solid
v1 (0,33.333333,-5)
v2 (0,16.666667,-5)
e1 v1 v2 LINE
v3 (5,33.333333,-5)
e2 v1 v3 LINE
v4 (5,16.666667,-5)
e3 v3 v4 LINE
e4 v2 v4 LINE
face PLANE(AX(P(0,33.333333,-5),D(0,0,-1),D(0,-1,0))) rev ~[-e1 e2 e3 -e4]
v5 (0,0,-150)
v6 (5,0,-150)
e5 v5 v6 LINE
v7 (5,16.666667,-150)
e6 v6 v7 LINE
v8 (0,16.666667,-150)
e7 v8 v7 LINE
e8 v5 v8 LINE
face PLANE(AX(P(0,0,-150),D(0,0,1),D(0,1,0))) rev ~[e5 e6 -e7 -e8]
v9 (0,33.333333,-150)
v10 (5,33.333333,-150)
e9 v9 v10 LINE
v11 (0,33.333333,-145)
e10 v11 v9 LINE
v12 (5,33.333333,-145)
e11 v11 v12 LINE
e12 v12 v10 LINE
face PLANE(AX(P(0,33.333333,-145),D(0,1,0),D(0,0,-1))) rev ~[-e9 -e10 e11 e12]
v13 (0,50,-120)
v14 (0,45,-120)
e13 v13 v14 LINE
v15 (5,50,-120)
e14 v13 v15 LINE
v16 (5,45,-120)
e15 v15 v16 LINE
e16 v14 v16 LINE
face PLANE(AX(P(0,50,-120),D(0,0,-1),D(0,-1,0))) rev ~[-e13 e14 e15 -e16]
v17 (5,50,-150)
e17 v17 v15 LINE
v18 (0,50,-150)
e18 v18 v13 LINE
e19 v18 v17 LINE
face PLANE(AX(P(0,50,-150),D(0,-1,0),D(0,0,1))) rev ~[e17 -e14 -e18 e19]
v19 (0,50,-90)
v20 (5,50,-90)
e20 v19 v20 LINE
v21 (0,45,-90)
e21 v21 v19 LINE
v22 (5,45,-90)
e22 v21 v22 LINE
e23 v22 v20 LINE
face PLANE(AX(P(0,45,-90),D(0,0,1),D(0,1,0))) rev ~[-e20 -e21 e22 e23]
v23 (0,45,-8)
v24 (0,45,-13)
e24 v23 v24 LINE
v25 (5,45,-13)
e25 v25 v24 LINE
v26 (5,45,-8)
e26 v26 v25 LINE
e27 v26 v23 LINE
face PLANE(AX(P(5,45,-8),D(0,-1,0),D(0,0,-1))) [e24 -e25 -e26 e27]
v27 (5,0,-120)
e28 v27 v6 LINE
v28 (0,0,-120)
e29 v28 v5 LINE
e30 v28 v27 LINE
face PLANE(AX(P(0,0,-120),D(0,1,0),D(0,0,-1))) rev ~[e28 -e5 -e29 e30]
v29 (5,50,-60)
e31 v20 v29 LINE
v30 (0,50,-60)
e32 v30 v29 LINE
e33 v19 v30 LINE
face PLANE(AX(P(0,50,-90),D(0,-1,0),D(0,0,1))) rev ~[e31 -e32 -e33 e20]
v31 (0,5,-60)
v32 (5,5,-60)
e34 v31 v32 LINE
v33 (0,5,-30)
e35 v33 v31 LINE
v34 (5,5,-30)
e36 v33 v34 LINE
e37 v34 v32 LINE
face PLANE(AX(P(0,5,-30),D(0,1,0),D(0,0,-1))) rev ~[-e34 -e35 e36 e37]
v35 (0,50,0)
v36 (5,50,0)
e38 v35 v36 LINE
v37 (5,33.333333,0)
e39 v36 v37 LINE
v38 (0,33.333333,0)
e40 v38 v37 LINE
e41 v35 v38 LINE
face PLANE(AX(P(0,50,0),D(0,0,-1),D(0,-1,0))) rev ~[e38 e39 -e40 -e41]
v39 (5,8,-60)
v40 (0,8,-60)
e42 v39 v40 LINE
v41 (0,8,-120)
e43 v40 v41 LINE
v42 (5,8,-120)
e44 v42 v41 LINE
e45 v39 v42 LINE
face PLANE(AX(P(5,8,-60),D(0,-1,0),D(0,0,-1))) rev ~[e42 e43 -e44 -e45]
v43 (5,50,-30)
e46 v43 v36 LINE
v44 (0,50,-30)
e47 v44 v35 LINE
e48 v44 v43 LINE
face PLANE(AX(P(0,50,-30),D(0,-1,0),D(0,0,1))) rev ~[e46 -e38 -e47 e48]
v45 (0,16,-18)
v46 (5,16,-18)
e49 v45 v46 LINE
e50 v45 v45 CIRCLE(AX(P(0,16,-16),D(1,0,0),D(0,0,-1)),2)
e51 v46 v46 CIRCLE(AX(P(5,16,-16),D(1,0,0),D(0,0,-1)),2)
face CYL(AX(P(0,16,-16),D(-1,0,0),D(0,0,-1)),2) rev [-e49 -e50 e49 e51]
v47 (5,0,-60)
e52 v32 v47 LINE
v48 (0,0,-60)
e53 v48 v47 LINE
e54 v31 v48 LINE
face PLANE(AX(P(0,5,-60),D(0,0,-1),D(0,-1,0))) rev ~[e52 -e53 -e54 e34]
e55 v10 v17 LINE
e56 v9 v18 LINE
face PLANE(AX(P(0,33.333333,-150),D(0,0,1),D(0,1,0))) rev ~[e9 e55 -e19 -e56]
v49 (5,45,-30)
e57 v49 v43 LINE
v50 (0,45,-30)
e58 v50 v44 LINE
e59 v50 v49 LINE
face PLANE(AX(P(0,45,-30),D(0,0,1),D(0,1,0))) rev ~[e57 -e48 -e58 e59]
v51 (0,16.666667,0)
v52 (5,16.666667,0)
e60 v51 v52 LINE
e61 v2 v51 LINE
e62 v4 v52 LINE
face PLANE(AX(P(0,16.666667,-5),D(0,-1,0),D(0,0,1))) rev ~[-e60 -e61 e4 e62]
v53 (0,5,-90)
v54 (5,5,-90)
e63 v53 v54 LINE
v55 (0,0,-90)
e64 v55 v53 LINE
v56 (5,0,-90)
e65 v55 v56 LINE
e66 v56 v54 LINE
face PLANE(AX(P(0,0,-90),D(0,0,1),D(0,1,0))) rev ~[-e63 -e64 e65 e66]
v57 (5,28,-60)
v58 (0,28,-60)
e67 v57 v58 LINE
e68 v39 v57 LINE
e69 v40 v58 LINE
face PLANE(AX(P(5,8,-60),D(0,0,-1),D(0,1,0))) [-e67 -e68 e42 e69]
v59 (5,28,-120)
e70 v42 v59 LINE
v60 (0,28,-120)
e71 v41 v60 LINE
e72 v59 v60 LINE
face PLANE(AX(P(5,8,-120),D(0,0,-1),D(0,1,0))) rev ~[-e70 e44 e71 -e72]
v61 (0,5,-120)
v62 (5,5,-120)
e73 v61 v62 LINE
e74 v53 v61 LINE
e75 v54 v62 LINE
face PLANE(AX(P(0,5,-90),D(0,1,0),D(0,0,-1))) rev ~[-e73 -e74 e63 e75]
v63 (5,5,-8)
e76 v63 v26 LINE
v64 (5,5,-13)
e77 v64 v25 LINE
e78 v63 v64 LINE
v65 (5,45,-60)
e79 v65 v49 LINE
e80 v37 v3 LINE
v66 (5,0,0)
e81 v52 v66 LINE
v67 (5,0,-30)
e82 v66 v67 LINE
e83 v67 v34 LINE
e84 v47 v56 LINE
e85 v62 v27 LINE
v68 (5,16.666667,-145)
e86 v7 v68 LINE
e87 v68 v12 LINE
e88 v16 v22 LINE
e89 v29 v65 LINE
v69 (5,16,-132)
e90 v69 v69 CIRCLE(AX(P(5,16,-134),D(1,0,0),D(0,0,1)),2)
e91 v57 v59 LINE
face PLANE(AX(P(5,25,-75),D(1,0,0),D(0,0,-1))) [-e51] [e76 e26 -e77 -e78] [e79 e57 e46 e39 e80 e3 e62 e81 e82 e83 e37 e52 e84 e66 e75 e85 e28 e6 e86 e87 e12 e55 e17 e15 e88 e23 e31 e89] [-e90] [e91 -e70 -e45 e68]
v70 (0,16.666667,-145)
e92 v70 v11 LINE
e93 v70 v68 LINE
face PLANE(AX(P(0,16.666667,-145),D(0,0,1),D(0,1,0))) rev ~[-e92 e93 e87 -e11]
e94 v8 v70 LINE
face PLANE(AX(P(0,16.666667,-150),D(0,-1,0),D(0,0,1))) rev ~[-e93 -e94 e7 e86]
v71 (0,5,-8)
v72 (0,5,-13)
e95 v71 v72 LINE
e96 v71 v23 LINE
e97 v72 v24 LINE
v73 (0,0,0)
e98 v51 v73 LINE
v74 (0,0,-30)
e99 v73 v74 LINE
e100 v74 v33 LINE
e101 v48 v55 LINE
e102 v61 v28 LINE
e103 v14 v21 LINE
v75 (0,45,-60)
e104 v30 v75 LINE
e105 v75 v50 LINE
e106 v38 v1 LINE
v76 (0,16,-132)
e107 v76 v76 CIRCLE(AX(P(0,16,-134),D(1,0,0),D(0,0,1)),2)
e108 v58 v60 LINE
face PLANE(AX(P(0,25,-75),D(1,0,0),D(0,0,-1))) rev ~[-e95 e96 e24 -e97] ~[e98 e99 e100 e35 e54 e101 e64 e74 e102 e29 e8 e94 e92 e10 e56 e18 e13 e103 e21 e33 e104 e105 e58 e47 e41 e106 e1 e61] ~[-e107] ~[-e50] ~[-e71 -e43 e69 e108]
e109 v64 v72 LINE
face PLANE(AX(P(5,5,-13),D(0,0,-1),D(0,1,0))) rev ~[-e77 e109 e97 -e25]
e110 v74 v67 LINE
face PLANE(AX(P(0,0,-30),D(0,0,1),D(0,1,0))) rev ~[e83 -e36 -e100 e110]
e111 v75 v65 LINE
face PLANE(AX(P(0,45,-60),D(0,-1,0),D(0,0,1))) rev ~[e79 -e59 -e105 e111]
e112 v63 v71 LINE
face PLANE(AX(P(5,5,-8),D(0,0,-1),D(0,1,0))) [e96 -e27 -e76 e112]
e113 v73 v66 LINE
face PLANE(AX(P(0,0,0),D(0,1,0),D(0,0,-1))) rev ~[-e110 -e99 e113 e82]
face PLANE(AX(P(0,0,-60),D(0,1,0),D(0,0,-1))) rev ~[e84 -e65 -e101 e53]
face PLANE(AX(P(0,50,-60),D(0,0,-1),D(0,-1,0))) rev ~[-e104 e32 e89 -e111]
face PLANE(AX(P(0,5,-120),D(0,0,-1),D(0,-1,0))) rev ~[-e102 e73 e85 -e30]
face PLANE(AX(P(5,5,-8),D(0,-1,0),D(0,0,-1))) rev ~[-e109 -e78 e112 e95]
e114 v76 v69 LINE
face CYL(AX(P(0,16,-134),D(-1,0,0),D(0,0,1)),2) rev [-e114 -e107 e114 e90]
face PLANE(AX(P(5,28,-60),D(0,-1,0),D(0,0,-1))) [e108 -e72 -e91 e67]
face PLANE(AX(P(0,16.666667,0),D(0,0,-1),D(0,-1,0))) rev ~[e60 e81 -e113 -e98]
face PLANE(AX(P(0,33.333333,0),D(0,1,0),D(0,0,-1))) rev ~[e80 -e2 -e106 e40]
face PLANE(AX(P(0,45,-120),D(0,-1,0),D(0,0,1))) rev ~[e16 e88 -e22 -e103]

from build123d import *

# Parameters (mm, degrees)
CROQUIS1_R              = 2
SALIENTE_EXTRUIR1_DEPTH = 5
CROQUIS2_W              = 60
CROQUIS2_H              = 20
CORTAR_EXTRUIR1_DEPTH   = 10
CROQUIS3_W              = 5
CROQUIS3_H              = 40
CORTAR_EXTRUIR2_DEPTH   = 10


with BuildPart() as part:
    # Croquis1 → Saliente-Extruir1 (new body)
    with BuildSketch(Plane(origin=(0, 0, 0), x_dir=(0, 0, -1), z_dir=(1, 0, 0))):
        Polygon((0, 33.333333333), (5, 33.333333333), (5, 16.666666667), (0, 16.666666667), (0, 0), (30, 0), (30, 5), (60, 5), (60, 0), (90, 0), (90, 5), (120, 5), (120, 0), (150, 0), (150, 16.666666667), (145, 16.666666667), (145, 33.333333333), (150, 33.333333333), (150, 50), (120, 50), (120, 45), (90, 45), (90, 50), (60, 50), (60, 45), (30, 45), (30, 50), (0, 50), align=None)
        with Locations((16, 16)):
            Circle(CROQUIS1_R, mode=Mode.SUBTRACT)
        with Locations(Location((134, 16, 0), (0, 0, 180))):
            Circle(CROQUIS1_R, mode=Mode.SUBTRACT)
    extrude(amount=SALIENTE_EXTRUIR1_DEPTH)

    # Croquis2 → Cortar-Extruir1 (cut)
    with BuildSketch(Plane(origin=(5, 0, 0), x_dir=(0, 0, -1), z_dir=(1, 0, 0))):
        with Locations((90, 18)):
            Rectangle(CROQUIS2_W, CROQUIS2_H)
    extrude(amount=-CORTAR_EXTRUIR1_DEPTH, mode=Mode.SUBTRACT)

    # Croquis3 → Cortar-Extruir2 (cut)
    with BuildSketch(Plane(origin=(5, 0, 0), x_dir=(0, 0, -1), z_dir=(1, 0, 0))):
        with Locations((10.5, 25)):
            Rectangle(CROQUIS3_W, CROQUIS3_H)
    extrude(amount=-CORTAR_EXTRUIR2_DEPTH, mode=Mode.SUBTRACT)


solid = part.part
